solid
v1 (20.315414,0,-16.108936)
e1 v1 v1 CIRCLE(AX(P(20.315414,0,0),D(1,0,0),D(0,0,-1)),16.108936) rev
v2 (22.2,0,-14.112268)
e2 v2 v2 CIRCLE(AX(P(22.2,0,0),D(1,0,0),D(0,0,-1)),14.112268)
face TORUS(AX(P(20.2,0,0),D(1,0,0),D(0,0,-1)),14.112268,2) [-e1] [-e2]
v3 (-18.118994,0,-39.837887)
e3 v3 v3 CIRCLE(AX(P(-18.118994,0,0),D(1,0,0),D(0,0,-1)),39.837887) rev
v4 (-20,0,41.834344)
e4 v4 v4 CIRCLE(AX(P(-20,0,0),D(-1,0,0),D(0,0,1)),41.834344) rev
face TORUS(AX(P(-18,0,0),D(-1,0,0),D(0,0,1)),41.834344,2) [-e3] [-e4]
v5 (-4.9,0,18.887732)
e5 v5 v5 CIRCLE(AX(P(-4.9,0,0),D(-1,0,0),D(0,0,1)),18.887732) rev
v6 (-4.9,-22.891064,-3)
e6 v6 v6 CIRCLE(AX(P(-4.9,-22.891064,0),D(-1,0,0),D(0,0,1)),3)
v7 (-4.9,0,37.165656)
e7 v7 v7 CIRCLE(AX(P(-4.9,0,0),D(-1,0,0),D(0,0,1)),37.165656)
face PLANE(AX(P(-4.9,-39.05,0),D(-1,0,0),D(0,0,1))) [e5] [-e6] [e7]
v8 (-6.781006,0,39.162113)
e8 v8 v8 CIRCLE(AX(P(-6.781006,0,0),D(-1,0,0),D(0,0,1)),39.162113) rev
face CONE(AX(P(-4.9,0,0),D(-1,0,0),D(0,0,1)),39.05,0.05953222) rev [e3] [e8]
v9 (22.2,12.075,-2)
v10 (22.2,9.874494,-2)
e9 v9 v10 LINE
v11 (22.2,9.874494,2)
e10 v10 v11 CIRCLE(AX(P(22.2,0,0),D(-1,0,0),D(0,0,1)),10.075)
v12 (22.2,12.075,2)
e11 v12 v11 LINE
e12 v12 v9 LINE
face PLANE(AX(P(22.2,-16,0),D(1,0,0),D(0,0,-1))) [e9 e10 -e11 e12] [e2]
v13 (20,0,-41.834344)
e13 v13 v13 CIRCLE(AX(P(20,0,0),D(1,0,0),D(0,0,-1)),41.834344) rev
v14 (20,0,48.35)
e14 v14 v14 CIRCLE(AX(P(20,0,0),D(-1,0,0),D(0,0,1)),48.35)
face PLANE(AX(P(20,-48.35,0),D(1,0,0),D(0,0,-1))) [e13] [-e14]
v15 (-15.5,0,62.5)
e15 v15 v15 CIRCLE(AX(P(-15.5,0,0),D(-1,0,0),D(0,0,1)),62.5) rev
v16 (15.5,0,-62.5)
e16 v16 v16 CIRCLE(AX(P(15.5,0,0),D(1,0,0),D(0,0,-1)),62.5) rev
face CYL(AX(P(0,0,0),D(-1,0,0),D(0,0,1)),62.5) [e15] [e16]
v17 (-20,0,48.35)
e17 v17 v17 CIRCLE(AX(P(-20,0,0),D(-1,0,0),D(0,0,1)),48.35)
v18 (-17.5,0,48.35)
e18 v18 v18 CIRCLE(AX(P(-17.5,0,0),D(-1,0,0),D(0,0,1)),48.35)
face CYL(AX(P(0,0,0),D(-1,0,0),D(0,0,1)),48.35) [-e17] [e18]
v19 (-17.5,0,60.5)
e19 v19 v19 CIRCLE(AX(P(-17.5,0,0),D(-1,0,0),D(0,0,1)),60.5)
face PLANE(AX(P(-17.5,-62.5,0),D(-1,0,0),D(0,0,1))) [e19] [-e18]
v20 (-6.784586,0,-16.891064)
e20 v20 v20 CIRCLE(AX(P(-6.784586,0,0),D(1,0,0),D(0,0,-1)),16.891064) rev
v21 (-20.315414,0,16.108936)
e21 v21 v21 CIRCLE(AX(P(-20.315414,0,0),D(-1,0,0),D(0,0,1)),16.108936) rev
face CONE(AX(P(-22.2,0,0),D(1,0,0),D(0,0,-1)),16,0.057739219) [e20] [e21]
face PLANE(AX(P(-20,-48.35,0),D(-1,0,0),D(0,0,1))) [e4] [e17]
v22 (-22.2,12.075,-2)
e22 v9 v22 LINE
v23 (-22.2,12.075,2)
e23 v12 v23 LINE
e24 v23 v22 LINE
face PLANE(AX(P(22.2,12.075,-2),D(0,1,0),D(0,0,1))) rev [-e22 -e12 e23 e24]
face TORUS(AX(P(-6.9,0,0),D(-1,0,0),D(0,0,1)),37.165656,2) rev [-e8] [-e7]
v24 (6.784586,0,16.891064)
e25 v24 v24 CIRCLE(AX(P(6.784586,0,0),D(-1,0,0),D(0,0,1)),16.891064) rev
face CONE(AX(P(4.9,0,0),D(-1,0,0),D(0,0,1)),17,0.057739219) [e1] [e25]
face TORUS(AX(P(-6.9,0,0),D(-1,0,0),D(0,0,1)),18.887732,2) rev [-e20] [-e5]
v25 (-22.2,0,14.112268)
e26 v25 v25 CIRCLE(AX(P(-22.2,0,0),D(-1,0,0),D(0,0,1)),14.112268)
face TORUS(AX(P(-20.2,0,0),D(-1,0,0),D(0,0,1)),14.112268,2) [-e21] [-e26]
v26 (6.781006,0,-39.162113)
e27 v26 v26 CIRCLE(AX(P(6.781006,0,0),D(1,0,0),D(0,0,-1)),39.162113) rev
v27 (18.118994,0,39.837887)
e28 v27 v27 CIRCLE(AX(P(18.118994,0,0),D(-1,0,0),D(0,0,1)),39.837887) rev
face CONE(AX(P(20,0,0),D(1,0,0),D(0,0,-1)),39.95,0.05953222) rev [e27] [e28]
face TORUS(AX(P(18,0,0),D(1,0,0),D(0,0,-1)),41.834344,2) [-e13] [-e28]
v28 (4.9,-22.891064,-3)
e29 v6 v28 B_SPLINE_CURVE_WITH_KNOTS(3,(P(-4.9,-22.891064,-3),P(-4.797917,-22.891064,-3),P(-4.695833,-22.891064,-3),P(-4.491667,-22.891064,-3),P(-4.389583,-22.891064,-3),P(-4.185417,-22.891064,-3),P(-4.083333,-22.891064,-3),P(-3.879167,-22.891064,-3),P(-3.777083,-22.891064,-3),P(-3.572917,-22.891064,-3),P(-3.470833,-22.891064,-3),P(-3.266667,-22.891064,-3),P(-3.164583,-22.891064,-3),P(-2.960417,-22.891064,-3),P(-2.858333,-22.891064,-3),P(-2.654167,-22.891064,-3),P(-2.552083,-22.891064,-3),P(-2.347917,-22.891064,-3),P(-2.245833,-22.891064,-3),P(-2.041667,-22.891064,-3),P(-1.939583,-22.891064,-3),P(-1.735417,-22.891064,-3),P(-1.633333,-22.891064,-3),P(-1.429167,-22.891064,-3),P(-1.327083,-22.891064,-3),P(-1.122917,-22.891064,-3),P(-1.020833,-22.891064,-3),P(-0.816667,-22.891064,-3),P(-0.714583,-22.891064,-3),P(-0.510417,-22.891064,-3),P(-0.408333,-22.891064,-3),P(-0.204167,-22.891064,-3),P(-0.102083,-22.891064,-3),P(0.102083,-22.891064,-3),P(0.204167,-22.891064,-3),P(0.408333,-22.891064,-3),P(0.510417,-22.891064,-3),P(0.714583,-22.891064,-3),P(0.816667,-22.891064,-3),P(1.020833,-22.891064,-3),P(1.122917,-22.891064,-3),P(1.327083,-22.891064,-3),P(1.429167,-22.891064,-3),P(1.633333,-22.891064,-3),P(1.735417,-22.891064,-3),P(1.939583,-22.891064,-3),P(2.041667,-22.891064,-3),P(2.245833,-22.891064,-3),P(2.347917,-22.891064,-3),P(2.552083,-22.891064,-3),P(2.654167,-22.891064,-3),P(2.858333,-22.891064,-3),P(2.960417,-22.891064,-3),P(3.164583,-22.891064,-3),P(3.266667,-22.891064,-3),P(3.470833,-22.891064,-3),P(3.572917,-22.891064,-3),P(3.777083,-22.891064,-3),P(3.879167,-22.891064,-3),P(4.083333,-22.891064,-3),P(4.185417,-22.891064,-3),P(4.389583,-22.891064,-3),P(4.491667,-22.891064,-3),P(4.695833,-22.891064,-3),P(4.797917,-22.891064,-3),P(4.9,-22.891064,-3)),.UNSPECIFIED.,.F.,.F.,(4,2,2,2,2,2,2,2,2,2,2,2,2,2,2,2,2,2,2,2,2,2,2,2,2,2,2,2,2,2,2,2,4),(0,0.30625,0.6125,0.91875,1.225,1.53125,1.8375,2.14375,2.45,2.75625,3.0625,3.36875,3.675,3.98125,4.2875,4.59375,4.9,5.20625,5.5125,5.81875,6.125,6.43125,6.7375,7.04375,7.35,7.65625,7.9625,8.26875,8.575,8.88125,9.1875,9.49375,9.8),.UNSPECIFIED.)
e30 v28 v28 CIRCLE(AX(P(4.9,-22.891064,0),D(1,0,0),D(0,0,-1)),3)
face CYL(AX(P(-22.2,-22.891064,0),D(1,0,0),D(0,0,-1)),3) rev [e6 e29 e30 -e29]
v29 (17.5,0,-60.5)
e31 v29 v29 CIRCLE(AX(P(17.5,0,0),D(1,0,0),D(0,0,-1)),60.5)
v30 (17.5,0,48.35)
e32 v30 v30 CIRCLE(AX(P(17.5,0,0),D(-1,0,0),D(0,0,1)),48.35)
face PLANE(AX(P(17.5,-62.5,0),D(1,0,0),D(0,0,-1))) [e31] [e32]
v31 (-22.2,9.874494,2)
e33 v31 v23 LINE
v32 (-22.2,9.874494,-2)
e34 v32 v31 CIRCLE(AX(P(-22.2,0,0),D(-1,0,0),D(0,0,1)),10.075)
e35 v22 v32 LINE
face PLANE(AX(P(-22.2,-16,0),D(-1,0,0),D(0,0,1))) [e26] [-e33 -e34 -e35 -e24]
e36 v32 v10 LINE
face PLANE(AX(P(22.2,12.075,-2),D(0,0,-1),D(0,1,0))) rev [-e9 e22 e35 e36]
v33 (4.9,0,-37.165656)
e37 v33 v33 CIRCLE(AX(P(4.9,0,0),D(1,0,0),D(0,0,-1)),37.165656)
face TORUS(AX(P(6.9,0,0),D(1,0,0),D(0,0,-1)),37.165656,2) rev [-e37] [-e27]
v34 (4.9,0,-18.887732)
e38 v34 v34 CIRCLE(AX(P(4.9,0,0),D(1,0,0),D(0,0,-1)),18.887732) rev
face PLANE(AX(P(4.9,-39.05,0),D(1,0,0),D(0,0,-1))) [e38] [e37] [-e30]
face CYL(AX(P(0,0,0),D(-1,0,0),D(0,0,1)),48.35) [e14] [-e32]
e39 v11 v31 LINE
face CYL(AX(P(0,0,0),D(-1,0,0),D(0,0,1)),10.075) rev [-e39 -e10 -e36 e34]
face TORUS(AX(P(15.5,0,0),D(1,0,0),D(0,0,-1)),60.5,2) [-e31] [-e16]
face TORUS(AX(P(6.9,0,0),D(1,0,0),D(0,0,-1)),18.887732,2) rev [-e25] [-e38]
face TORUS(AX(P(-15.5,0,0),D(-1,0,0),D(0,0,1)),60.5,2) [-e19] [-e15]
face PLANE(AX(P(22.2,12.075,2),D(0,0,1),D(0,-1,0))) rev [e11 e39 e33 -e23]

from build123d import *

# Parameters (mm, degrees)
FILLET1_R          = 2
SKETCH3_W          = 4
SKETCH3_H          = 4
CUT_EXTRUDE1_DEPTH = 99.913396527
SKETCH4_R          = 3
CUT_EXTRUDE2_DEPTH = 93.449499796


with BuildPart() as part:
    # Sketch1 → Revolve1 (revolve)
    with BuildSketch(Plane.XY, mode=Mode.PRIVATE) as revolve1_sk:
        Polygon((-17.5, -62.5), (17.5, -62.5), (17.5, -48.35), (20, -48.35), (20, -39.95), (4.9, -39.05), (4.9, -17), (22.2, -16), (22.2, -10.075), (-22.2, -10.075), (-22.2, -16), (-4.9, -17), (-4.9, -39.05), (-20, -39.95), (-20, -48.35), (-17.5, -48.35), align=None)
    revolve(revolve1_sk.sketch.rotate(Axis((0, 0, 0), (1, 0, 0)), 270), axis=Axis((0, 0, 0), (1, 0, 0)))

    # Fillet1
    fillet1_edges = [part.edges().sort_by_distance(p)[0] for p in [
        (20, 0, -39.95),
        (4.9, 0, -39.05),
        (4.9, 0, -17),
        (22.2, 0, -16),
        (-22.2, 0, -16),
        (-4.9, 0, -17),
        (-4.9, 0, -39.05),
        (-20, 0, -39.95),
        (-17.5, 0, -62.5),
        (17.5, 0, -62.5),
    ]]
    fillet(fillet1_edges, radius=FILLET1_R)

    # Sketch3 → Cut-Extrude1 (cut, through all)
    with BuildSketch(Plane.ZY.offset(22.2)):
        with Locations((0, 10.075)):
            Rectangle(SKETCH3_W, SKETCH3_H)
    extrude(amount=-CUT_EXTRUDE1_DEPTH, mode=Mode.SUBTRACT)

    # Sketch4 → Cut-Extrude2 (cut, through all)
    with BuildSketch(Plane(origin=(4.9, 0, 0), x_dir=(0, 0, -1), z_dir=(1, 0, 0))):
        with Locations((0, -22.891064409)):
            Circle(SKETCH4_R)
    extrude(amount=-CUT_EXTRUDE2_DEPTH, mode=Mode.SUBTRACT)


solid = part.part
